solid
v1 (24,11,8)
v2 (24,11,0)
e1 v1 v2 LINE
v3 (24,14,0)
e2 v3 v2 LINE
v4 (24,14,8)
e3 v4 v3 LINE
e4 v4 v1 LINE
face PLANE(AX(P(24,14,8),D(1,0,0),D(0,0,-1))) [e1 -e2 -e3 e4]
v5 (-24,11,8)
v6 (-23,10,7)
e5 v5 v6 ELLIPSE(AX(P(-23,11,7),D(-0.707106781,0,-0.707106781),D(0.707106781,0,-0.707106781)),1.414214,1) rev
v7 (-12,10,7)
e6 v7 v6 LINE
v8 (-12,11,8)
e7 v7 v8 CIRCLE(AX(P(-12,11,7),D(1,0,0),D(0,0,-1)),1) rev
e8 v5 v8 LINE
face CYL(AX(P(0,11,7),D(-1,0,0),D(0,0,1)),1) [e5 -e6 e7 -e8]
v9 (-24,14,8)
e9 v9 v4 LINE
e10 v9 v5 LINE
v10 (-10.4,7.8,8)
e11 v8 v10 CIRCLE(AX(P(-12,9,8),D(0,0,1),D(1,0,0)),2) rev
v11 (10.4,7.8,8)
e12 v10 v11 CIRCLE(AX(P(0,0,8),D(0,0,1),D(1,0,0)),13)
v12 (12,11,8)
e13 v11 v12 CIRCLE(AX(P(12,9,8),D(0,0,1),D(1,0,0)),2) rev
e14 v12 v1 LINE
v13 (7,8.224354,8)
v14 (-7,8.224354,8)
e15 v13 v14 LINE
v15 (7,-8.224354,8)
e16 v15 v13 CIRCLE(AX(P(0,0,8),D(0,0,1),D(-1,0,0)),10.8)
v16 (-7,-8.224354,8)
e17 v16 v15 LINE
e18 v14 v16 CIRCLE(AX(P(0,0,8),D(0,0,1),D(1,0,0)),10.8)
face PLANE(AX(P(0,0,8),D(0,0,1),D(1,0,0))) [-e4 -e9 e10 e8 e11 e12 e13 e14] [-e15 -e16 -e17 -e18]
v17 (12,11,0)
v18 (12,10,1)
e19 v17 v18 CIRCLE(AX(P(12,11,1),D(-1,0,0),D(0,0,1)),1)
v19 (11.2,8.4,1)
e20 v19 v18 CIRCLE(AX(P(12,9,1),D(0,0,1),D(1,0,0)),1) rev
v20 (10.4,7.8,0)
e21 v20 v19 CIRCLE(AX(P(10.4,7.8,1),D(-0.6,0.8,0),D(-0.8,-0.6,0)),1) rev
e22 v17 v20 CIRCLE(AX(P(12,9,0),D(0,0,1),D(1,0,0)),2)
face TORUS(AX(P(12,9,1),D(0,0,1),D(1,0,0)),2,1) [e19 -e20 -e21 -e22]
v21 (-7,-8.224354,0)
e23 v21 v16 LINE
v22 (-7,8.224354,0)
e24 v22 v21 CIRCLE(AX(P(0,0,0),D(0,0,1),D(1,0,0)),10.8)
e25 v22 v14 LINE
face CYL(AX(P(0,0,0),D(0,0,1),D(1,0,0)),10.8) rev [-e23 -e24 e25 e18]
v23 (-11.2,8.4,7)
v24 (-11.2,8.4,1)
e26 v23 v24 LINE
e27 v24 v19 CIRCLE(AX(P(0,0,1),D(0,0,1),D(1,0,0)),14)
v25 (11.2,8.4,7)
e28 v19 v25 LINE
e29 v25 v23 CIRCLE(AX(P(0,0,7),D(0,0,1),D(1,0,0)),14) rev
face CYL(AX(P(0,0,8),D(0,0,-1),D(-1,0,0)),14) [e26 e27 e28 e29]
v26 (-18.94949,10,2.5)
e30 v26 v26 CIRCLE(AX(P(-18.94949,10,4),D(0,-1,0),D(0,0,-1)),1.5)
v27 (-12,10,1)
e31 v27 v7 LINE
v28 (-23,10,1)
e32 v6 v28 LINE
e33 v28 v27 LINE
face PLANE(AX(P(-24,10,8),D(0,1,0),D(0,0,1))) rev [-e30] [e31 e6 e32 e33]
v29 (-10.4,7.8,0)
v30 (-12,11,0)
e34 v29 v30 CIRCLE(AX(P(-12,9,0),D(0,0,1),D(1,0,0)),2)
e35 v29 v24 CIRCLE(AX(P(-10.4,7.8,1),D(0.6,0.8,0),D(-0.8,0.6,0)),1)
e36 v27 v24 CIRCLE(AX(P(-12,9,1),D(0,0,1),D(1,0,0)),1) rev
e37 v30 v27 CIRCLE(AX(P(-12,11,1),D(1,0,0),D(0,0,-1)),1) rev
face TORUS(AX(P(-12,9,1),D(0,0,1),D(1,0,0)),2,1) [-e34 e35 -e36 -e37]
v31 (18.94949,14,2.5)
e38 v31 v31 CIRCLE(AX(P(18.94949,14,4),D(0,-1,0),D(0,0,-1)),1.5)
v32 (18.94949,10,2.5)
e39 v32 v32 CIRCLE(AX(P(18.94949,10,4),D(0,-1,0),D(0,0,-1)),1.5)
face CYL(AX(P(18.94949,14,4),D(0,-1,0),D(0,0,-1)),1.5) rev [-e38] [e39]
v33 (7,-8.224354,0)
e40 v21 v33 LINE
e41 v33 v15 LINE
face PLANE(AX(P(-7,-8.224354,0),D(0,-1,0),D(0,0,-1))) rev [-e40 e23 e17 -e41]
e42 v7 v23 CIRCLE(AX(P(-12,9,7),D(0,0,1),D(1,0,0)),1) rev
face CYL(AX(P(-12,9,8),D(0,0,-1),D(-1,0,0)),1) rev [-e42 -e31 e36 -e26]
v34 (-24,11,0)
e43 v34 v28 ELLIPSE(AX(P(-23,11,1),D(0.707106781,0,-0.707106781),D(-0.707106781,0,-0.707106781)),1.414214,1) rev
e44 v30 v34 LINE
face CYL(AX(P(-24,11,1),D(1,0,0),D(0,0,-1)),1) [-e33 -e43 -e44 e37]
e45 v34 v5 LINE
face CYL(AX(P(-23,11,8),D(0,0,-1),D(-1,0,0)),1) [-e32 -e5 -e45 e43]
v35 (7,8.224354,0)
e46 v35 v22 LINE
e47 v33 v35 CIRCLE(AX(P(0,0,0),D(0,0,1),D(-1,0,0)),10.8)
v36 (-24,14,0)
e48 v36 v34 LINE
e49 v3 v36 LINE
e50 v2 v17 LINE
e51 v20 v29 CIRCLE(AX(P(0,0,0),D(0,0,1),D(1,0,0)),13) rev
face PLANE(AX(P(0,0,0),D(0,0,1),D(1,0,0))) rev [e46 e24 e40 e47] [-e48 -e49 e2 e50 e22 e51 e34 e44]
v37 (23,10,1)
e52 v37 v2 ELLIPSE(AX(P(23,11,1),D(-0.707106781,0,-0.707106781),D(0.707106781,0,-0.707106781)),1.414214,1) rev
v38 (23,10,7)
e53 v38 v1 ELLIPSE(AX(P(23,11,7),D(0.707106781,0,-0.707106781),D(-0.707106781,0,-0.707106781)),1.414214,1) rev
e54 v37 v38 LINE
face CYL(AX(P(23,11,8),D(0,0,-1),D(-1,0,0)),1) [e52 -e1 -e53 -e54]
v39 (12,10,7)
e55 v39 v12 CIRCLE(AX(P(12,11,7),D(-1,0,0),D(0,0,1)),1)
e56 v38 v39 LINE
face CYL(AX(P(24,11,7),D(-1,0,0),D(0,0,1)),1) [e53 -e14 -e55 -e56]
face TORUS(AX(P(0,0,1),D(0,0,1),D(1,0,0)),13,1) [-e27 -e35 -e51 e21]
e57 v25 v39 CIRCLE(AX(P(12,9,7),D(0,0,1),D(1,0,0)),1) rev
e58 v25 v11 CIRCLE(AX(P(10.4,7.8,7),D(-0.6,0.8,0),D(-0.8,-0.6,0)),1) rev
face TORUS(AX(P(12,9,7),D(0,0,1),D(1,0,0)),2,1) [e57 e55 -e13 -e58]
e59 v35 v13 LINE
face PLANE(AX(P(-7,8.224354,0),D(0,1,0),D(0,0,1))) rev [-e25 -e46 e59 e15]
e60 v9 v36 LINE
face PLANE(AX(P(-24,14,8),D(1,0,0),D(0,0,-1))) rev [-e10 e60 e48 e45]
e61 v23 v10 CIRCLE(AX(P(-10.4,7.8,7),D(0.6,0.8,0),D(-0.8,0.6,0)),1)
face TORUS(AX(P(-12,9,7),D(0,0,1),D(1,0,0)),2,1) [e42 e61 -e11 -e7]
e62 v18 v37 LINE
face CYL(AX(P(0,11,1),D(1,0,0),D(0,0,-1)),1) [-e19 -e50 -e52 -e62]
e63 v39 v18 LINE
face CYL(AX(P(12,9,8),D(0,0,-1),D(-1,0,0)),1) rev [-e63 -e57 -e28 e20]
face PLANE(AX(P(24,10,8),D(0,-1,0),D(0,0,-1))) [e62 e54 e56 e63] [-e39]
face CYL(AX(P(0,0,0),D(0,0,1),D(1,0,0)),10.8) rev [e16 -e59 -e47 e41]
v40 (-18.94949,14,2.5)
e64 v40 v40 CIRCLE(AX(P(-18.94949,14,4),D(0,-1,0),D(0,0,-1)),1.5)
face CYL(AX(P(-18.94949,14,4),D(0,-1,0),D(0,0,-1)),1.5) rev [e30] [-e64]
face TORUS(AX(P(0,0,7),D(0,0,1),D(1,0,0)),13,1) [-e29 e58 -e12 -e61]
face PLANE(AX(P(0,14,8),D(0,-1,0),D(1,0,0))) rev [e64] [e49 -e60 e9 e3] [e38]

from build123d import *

# Parameters (mm, degrees)
SALIENTE_EXTRUIR1_DEPTH = 8
CORTAR_EXTRUIR1_DEPTH   = 29.91366459
REDONDEO1_R             = 1
CROQUIS3_R              = 1.5
CORTAR_EXTRUIR2_DEPTH   = 35.871191548


with BuildPart() as part:
    # Croquis1 → Saliente-Extruir1 (new body)
    with BuildSketch(Plane.XY):
        with BuildLine():
            Line((0, 14), (-24, 14))
            Line((-24, 14), (-24, 10))
            Line((-24, 10), (-9.797958971, 10))
            ThreePointArc((-9.797958971, 10), (0, -14), (9.797958971, 10))
            Line((9.797958971, 10), (24, 10))
            Line((24, 10), (24, 14))
            Line((24, 14), (0, 14))
        make_face()
    extrude(amount=SALIENTE_EXTRUIR1_DEPTH)

    # Croquis2 → Cortar-Extruir1 (cut, through all)
    with BuildSketch(Plane.XY.offset(8)):
        with BuildLine():
            Line((-7, 8.224354078), (7, 8.224354078))
            ThreePointArc((7, 8.224354078), (10.8, 0), (7, -8.224354078))
            Line((7, -8.224354078), (-7, -8.224354078))
            ThreePointArc((-7, -8.224354078), (-10.8, 0), (-7, 8.224354078))
        make_face()
    extrude(amount=-CORTAR_EXTRUIR1_DEPTH, mode=Mode.SUBTRACT)

    # Redondeo1
    redondeo1_edges = [part.edges().sort_by_distance(p)[0] for p in [
        (16.898979486, 10, 8),
        (-24, 10, 4),
        (-9.797958971, 10, 4),
        (9.797958971, 10, 4),
        (24, 10, 4),
        (0, -14, 8),
        (-16.898979486, 10, 8),
        (-16.898979486, 10, 0),
        (0, -14, 0),
        (16.898979486, 10, 0),
    ]]
    fillet(redondeo1_edges, radius=REDONDEO1_R)

    # Croquis3 → Cortar-Extruir2 (cut, through all)
    with BuildSketch(Plane(origin=(0, 10, 0), x_dir=(-1, 0, 0), z_dir=(0, -1, 0))):
        with Locations(Location((18.949489743, -4, 0), (0, 0, 90))):
            Circle(CROQUIS3_R)
        with Locations(Location((-18.949489743, -4, 0), (0, 0, 90))):
            Circle(CROQUIS3_R)
    extrude(amount=-CORTAR_EXTRUIR2_DEPTH, mode=Mode.SUBTRACT)


solid = part.part
